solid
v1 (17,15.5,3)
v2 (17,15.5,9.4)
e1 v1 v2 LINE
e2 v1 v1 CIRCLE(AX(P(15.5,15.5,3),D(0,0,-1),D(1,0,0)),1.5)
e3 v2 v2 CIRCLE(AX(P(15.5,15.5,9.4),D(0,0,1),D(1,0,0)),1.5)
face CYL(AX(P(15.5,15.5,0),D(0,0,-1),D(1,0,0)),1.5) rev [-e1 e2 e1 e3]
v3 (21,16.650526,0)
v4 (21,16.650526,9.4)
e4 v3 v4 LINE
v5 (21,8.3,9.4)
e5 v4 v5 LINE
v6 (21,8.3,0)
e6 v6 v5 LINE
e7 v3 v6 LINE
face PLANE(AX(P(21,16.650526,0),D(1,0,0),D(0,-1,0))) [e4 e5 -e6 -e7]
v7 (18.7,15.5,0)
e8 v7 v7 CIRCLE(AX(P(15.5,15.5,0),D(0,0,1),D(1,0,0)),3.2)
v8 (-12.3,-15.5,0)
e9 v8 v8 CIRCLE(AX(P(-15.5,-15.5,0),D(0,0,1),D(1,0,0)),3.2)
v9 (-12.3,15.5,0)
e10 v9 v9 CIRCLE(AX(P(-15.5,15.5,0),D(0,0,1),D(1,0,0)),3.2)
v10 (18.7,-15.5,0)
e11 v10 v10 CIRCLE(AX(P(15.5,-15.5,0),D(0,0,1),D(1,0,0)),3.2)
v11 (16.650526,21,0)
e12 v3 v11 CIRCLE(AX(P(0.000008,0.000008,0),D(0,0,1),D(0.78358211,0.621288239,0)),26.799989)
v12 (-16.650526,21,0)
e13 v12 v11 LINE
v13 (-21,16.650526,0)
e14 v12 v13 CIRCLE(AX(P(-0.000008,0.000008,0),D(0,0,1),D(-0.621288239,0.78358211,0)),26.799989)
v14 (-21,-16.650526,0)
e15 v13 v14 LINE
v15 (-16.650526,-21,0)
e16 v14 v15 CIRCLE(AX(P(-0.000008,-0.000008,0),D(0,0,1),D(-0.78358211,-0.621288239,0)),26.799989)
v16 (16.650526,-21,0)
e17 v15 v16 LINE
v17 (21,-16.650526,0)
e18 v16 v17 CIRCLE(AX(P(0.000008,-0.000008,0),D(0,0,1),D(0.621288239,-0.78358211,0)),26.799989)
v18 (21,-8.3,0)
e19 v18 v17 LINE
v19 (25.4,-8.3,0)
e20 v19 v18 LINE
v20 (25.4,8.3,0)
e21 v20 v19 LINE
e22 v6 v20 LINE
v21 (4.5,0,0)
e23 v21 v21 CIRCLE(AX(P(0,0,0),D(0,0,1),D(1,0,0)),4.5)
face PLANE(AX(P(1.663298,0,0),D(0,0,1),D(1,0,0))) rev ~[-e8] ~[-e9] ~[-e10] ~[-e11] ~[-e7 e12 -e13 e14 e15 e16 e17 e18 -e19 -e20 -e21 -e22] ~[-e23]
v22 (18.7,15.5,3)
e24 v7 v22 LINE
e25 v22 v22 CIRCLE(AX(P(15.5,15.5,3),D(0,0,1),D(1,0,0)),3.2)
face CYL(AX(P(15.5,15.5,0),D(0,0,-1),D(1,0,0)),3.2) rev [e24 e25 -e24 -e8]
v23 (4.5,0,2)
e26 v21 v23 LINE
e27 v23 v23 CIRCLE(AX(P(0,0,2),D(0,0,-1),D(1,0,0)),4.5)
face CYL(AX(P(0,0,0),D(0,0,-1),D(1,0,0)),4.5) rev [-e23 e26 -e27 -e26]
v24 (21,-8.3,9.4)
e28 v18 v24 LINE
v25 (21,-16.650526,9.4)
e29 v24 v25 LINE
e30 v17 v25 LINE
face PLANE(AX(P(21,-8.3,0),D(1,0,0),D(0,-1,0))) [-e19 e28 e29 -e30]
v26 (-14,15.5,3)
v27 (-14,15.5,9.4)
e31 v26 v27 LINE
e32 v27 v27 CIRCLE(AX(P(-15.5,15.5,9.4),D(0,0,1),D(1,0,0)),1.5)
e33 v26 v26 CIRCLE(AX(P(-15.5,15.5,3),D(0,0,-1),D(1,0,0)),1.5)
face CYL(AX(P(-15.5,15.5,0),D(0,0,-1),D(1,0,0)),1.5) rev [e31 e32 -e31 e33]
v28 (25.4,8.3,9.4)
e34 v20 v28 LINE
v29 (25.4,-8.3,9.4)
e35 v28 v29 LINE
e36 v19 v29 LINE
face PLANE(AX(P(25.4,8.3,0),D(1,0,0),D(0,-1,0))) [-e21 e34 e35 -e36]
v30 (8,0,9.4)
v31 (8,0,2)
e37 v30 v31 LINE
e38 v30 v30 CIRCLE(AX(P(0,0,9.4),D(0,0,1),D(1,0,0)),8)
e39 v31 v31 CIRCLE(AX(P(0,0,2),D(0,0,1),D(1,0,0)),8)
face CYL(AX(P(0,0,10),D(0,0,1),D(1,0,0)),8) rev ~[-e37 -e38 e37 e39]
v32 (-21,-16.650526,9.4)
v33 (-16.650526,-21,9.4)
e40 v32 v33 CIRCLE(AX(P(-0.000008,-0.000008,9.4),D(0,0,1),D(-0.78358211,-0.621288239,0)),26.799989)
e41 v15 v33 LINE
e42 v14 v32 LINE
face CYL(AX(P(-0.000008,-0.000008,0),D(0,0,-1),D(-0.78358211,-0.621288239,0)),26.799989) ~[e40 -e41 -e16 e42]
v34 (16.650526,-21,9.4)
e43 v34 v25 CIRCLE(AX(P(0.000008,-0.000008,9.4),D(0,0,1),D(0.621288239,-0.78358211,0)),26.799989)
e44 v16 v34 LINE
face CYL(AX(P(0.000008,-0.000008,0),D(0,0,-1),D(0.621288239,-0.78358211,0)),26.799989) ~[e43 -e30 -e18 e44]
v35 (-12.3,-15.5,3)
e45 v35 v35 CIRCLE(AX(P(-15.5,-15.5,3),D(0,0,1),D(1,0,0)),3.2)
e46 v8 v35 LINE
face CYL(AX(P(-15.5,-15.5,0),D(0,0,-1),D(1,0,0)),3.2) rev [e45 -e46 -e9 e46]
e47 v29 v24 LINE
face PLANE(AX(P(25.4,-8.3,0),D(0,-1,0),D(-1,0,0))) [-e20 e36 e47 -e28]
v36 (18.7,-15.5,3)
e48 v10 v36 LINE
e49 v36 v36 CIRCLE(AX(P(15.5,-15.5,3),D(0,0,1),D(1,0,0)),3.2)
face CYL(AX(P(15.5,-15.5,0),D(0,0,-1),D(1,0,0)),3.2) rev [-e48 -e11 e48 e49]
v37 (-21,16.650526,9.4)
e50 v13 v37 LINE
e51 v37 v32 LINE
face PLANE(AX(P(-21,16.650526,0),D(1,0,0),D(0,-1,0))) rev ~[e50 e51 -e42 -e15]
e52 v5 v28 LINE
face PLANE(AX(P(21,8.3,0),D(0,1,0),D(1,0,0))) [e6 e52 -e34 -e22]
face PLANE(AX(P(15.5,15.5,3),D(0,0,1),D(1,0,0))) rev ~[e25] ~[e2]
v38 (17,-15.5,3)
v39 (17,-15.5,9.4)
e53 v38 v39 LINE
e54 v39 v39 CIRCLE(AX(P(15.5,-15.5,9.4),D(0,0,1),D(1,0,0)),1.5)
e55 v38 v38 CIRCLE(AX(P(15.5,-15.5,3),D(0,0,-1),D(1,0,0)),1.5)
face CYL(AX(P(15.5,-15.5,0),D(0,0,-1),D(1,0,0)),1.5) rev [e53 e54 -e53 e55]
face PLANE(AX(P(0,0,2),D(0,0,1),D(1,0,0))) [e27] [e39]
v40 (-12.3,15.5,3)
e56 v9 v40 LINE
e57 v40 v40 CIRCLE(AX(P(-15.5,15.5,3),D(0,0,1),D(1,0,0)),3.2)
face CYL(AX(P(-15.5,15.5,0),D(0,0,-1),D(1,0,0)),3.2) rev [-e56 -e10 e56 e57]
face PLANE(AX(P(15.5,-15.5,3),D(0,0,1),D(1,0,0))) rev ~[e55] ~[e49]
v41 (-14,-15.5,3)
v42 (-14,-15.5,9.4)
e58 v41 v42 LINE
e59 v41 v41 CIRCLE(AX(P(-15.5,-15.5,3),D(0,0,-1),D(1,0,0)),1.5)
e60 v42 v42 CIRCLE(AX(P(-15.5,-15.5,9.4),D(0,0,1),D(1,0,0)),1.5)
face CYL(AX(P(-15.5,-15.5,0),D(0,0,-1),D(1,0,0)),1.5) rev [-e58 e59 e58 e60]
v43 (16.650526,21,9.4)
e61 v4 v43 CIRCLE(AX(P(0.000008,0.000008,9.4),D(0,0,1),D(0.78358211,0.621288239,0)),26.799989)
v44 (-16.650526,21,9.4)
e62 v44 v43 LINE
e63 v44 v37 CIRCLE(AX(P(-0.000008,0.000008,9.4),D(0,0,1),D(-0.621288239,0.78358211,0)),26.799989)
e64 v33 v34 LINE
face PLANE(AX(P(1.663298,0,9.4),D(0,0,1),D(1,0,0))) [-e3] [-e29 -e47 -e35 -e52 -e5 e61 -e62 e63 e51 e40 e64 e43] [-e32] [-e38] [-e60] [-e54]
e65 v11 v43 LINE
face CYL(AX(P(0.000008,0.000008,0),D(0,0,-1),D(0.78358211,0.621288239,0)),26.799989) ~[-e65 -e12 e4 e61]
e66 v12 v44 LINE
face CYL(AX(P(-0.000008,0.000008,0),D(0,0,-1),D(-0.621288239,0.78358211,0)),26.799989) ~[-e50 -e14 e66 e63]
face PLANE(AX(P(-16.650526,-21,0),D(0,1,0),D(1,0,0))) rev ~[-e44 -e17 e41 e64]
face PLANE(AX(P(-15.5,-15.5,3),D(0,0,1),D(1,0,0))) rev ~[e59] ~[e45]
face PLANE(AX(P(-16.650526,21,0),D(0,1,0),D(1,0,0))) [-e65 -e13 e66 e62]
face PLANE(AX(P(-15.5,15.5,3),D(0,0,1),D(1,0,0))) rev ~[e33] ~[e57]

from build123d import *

# Parameters (mm, degrees)
SKETCH_R        = 4.5
SKETCH_R_2      = 1.5
PAD_DEPTH       = 9.4
SKETCH002_R     = 3.2
POCKET_DEPTH    = 3
SKETCH003_R     = 8
POCKET001_DEPTH = 8


with BuildPart() as part:
    # Sketch → Pad (new body)
    with BuildSketch(Plane.XY):
        with BuildLine():
            ThreePointArc((-16.650526, 21), (-18.950462, 18.950462), (-21, 16.650526))
            Line((-21, 16.650526), (-21, -16.650526))
            ThreePointArc((-21, -16.650526), (-18.950462, -18.950462), (-16.650526, -21))
            Line((-16.650526, -21), (16.650526, -21))
            ThreePointArc((16.650526, -21), (18.950462, -18.950462), (21, -16.650526))
            Line((21, -8.3), (21, -16.650526))
            Line((25.4, -8.3), (21, -8.3))
            Line((25.4, 8.3), (25.4, -8.3))
            Line((21, 8.3), (25.4, 8.3))
            Line((21, 16.650526), (21, 8.3))
            ThreePointArc((21, 16.650526), (18.950462, 18.950462), (16.650526, 21))
            Line((-16.650526, 21), (16.650526, 21))
        make_face()
        Circle(SKETCH_R, mode=Mode.SUBTRACT)
        with Locations((-15.5, 15.5)):
            Circle(SKETCH_R_2, mode=Mode.SUBTRACT)
        with Locations((15.5, 15.5)):
            Circle(SKETCH_R_2, mode=Mode.SUBTRACT)
        with Locations((15.5, -15.5)):
            Circle(SKETCH_R_2, mode=Mode.SUBTRACT)
        with Locations((-15.5, -15.5)):
            Circle(SKETCH_R_2, mode=Mode.SUBTRACT)
    extrude(amount=PAD_DEPTH)

    # Sketch002 → Pocket (cut)
    with BuildSketch(Plane.XY):
        with Locations((-15.5, 15.5)):
            Circle(SKETCH002_R)
        with Locations((15.5, 15.5)):
            Circle(SKETCH002_R)
        with Locations((15.5, -15.5)):
            Circle(SKETCH002_R)
        with Locations((-15.5, -15.5)):
            Circle(SKETCH002_R)
    extrude(amount=POCKET_DEPTH, mode=Mode.SUBTRACT)

    # Sketch003 → Pocket001 (cut)
    with BuildSketch(Plane.XY.offset(10)):
        Circle(SKETCH003_R)
    extrude(amount=-POCKET001_DEPTH, mode=Mode.SUBTRACT)


solid = part.part
